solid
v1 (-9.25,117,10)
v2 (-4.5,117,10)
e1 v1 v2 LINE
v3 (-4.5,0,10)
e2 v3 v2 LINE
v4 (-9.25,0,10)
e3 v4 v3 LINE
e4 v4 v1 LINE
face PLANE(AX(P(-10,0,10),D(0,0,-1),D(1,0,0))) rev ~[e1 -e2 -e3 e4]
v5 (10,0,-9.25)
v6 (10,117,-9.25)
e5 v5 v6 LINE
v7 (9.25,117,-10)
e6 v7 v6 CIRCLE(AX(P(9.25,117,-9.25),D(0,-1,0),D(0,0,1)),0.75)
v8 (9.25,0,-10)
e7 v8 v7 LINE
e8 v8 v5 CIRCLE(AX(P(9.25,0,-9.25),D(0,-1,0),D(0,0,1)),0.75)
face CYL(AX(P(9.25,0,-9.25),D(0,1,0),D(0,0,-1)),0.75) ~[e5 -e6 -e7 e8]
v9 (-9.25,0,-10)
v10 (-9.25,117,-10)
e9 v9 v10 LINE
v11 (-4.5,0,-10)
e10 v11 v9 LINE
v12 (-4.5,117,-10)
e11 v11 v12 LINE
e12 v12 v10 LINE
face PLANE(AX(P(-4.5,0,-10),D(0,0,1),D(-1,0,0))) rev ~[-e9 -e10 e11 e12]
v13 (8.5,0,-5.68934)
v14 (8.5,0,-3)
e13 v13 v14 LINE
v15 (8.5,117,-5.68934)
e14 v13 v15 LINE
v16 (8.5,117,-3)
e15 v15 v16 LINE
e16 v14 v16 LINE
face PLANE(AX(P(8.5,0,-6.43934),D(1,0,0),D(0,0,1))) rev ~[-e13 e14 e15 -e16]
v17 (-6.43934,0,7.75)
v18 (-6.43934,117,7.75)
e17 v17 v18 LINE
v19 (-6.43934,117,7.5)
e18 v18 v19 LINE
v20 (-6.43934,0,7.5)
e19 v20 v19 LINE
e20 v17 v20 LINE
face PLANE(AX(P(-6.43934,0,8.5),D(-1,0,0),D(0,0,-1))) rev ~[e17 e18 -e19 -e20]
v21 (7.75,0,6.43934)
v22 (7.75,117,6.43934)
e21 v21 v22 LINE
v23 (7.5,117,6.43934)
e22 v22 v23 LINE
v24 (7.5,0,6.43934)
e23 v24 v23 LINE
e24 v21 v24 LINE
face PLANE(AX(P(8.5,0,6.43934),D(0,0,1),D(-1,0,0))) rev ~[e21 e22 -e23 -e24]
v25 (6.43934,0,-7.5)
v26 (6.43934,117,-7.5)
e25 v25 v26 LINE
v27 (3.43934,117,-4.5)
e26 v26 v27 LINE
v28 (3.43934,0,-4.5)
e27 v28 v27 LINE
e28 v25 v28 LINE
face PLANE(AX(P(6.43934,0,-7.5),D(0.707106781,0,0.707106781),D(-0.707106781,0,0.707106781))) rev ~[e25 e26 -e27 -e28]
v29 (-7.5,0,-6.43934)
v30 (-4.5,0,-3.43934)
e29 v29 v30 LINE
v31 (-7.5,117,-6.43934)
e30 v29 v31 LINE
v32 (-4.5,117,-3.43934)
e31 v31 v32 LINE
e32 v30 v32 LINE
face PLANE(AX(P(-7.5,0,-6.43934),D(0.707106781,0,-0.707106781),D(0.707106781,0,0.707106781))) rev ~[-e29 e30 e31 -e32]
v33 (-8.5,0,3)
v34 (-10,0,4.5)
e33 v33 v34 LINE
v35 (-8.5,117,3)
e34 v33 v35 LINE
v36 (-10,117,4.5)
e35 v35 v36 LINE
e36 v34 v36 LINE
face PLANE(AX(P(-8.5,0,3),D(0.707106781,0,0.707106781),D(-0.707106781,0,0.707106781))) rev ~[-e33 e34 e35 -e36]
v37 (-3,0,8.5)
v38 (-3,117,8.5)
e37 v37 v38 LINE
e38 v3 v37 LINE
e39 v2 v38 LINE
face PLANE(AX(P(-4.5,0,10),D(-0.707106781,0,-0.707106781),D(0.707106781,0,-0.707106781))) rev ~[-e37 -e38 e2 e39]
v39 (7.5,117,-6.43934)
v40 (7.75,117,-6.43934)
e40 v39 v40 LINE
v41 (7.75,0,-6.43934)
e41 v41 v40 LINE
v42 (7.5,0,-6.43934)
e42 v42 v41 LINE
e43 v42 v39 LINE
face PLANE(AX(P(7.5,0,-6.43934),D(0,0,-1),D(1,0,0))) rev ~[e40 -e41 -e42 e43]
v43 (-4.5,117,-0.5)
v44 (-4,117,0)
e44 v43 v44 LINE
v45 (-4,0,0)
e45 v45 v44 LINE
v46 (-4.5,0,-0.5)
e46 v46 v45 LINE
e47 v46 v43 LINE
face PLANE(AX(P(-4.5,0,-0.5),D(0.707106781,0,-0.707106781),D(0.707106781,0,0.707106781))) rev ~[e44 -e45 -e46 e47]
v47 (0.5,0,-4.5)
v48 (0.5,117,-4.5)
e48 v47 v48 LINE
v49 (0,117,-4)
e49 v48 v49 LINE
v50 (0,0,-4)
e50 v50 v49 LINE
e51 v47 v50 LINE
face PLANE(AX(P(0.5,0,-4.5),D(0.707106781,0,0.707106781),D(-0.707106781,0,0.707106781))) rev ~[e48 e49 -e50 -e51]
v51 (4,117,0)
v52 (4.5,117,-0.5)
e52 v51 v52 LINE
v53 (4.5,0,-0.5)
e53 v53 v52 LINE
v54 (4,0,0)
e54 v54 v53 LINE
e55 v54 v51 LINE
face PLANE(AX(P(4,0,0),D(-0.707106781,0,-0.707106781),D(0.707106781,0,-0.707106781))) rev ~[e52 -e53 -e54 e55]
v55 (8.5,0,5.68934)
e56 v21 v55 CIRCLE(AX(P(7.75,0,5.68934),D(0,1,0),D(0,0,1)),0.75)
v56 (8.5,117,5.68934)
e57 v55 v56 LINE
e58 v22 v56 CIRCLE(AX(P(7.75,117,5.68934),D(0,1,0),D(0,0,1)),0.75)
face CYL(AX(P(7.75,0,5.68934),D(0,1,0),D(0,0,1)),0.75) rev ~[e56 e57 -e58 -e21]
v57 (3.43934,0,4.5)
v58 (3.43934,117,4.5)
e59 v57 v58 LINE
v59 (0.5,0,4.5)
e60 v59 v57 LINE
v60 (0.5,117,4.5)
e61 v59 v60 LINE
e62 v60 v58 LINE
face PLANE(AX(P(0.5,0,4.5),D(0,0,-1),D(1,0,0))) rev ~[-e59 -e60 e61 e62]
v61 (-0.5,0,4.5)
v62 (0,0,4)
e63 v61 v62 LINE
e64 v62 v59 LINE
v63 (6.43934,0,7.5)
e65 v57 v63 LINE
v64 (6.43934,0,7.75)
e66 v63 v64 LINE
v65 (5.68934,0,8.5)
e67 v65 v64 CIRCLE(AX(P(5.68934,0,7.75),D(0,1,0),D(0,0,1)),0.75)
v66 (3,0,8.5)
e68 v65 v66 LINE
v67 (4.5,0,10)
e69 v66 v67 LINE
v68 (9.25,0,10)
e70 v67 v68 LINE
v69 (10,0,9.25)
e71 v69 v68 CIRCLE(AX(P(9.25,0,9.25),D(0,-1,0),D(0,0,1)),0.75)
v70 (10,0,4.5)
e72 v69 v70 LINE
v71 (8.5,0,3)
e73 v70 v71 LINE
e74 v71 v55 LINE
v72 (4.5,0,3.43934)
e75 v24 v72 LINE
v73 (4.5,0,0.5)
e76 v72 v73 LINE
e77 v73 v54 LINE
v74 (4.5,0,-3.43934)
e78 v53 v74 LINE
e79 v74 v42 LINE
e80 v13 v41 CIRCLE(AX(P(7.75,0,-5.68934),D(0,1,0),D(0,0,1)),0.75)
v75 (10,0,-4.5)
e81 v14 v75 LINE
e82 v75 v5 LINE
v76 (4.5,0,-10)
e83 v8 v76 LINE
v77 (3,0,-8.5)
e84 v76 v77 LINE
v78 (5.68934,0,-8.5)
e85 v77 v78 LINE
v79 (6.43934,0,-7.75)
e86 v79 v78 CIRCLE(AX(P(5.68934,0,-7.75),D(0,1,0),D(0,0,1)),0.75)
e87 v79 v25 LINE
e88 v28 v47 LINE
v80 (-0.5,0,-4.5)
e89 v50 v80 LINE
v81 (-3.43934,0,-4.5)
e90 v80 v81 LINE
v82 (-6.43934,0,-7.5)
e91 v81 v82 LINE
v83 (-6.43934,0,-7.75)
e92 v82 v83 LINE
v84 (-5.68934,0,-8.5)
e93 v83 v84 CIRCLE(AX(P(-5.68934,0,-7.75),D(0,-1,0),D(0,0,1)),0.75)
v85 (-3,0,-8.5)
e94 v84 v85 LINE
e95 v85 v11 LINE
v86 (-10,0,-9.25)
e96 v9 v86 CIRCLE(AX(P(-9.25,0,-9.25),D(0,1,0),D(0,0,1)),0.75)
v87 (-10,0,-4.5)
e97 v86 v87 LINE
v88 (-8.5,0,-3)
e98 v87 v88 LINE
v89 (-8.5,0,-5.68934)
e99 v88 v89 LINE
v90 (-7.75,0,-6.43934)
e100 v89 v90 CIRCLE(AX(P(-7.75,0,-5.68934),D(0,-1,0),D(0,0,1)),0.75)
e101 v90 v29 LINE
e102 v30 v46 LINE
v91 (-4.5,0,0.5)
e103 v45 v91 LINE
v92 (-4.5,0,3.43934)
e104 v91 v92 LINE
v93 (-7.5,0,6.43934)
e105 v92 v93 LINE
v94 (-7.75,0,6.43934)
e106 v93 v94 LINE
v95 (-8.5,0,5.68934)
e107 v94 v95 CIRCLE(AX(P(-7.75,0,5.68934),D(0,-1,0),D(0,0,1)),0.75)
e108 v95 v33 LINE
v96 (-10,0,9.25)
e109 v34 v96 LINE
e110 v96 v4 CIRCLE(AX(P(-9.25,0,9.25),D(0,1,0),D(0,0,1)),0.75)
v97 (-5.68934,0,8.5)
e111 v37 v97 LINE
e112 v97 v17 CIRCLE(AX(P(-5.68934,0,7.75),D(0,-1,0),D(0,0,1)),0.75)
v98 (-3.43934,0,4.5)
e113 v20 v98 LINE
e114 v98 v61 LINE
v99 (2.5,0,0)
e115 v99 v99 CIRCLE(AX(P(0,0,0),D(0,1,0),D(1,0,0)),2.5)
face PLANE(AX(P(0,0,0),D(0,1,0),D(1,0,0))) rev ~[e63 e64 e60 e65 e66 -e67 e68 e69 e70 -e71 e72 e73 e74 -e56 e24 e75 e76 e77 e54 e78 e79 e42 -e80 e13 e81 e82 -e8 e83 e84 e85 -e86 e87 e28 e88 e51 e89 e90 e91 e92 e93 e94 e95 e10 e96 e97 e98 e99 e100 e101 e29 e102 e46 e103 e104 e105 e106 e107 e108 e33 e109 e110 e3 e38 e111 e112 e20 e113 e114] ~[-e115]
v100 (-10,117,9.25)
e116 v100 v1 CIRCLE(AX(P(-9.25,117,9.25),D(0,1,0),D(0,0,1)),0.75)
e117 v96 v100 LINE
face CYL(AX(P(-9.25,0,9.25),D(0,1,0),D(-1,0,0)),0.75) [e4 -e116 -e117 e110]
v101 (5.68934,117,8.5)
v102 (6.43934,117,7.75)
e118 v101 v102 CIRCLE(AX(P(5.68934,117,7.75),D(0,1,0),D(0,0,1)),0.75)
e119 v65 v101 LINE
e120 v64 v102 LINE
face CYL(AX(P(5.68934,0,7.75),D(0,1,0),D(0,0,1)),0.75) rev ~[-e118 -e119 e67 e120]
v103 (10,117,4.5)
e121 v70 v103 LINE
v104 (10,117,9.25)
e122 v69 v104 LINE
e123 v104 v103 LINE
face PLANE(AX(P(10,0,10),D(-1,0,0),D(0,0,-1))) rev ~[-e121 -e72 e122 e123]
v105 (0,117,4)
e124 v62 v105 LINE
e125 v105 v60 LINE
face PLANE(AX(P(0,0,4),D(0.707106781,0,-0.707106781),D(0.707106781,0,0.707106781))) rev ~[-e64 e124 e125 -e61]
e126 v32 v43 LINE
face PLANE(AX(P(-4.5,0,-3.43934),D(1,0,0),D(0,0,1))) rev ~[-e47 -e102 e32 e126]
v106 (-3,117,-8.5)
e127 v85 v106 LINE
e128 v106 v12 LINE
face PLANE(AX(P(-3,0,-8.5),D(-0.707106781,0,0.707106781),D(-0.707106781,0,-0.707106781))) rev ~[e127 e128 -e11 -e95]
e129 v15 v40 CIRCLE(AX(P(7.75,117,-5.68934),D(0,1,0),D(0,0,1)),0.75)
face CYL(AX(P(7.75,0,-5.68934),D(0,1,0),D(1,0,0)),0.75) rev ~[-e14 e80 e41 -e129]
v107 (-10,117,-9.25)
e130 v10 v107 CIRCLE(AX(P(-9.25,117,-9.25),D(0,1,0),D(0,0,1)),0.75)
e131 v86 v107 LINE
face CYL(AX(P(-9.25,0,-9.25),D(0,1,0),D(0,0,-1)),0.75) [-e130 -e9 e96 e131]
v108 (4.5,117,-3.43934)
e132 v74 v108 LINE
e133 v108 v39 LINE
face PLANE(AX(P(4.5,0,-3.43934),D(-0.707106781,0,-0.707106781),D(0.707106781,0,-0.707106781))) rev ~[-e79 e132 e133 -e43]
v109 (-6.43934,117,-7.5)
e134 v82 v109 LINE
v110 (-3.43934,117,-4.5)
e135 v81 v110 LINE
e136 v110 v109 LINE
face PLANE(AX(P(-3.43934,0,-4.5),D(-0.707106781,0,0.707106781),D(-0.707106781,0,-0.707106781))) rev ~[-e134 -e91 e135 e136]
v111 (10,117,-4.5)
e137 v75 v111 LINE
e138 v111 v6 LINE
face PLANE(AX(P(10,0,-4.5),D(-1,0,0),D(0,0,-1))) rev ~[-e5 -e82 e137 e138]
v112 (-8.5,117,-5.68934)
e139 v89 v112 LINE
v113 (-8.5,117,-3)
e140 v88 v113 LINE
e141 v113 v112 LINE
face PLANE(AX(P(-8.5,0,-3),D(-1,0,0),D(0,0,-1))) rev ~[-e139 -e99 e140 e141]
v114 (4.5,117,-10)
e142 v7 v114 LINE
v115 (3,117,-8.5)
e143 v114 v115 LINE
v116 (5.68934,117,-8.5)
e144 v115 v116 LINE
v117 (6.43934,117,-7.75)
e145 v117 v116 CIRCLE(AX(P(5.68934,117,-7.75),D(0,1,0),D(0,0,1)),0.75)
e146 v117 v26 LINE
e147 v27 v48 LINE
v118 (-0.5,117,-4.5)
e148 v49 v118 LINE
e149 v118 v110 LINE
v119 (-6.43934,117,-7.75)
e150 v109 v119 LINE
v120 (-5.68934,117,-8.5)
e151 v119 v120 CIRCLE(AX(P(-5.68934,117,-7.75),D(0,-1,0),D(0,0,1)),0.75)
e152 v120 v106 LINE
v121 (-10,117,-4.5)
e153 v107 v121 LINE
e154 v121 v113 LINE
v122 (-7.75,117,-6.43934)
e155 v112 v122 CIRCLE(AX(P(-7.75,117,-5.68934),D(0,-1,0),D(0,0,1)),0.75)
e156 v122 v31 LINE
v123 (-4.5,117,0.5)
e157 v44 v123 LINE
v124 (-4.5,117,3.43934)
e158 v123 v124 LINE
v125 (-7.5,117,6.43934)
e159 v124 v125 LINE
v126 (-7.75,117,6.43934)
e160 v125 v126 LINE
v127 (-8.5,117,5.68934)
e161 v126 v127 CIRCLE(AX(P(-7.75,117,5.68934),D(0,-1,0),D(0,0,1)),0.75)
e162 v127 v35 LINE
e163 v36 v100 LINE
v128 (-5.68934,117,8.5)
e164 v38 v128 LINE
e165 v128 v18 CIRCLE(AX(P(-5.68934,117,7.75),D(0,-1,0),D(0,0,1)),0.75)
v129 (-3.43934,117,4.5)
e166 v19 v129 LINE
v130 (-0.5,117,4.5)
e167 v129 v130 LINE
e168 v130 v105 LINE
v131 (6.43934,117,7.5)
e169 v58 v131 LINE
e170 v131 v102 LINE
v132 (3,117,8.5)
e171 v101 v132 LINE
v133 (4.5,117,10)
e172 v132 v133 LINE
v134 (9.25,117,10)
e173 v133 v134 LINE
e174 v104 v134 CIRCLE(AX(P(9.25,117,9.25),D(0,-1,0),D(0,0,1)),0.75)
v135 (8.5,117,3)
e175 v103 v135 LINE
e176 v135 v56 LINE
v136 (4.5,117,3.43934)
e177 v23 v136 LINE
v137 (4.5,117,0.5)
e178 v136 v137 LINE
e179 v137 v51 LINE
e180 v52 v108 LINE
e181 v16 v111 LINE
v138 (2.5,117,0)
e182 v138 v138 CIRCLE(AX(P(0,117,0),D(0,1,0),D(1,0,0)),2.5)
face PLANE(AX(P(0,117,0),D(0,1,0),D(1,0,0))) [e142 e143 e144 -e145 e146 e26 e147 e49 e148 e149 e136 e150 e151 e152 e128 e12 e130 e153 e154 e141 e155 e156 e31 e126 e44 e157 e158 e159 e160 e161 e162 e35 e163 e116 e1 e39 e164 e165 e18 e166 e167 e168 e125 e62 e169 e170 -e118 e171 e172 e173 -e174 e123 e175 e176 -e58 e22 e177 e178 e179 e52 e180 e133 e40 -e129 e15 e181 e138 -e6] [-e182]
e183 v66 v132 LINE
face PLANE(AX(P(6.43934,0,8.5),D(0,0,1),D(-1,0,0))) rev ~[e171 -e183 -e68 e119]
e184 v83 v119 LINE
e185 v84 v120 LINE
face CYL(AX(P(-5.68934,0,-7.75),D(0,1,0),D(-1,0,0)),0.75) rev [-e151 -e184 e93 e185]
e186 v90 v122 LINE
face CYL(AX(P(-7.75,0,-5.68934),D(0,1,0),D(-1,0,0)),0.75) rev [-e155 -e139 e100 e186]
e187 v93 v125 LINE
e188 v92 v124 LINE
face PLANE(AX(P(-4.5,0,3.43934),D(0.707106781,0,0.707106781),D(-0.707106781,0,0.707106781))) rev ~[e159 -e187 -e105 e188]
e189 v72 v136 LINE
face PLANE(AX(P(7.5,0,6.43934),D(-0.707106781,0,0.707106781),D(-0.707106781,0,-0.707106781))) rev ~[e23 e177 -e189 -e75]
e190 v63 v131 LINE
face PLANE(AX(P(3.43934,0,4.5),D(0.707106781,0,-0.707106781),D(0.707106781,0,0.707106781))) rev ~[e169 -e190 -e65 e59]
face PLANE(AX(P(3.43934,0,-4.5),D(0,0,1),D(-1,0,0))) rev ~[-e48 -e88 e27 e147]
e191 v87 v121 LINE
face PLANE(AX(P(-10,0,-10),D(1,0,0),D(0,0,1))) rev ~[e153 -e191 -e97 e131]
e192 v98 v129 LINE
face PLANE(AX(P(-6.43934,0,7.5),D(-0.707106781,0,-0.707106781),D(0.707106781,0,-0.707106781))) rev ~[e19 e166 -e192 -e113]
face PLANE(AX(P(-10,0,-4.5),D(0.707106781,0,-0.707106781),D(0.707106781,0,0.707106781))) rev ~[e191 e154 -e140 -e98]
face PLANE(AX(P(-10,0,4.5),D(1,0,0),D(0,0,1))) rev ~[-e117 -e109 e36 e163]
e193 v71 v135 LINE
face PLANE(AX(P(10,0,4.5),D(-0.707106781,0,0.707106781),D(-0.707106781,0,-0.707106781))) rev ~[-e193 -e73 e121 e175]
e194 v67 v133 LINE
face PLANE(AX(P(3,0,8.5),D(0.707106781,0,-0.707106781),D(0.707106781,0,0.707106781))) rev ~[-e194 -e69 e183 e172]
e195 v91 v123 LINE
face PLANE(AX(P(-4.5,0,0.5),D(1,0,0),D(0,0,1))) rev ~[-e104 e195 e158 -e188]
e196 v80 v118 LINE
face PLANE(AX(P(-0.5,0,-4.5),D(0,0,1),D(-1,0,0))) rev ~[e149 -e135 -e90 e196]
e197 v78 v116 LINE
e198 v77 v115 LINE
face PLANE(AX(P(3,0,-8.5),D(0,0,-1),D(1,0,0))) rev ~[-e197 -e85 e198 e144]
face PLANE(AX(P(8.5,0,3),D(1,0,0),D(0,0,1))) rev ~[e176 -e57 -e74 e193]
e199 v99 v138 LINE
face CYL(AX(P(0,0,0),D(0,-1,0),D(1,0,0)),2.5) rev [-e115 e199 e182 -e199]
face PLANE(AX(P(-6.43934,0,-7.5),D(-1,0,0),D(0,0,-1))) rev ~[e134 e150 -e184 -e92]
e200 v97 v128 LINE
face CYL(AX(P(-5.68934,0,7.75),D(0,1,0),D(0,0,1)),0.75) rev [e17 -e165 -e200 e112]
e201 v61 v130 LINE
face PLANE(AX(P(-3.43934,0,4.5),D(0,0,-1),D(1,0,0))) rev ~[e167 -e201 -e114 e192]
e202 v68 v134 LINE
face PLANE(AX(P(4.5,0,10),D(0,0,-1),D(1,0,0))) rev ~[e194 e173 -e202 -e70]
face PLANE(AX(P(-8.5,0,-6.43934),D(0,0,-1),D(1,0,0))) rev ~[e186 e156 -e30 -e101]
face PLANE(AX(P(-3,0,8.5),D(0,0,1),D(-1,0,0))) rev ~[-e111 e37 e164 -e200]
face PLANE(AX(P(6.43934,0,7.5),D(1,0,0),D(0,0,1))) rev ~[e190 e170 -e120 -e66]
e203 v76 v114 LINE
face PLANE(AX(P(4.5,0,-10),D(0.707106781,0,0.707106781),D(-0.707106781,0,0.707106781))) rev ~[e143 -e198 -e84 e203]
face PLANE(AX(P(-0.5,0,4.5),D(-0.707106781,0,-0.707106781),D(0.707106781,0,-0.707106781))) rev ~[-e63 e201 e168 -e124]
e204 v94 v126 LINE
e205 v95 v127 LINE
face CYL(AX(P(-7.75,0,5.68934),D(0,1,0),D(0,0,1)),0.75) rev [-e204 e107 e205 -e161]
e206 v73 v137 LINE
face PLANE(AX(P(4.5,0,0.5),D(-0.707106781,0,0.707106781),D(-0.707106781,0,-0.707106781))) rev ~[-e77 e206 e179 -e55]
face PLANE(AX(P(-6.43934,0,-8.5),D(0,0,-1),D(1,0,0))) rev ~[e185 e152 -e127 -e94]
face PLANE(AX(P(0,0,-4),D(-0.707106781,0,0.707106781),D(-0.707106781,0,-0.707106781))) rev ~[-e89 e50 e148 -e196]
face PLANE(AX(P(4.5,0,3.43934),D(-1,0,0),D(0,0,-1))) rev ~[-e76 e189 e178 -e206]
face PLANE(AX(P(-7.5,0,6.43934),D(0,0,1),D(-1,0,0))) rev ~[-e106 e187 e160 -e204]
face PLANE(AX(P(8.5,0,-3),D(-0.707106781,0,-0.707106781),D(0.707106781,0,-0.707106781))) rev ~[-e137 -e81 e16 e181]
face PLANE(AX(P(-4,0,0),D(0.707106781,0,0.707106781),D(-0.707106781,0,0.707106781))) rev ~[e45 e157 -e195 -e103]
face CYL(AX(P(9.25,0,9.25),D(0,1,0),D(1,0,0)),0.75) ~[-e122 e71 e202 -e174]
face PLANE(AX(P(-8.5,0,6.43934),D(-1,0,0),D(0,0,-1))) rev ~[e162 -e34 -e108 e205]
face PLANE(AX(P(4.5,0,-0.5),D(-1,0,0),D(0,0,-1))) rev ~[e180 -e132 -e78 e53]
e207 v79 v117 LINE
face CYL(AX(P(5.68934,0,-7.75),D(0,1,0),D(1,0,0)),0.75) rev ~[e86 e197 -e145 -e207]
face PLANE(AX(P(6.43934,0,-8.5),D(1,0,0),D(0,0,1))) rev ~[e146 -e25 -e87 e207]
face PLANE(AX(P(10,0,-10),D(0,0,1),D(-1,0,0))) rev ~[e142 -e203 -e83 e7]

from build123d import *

# Parameters (mm, degrees)
ESQUISSE1_R      = 2.5
EXTRUSION1_DEPTH = 117
CONG_1_R         = 0.75


with BuildPart() as part:
    # Esquisse1 → Extrusion1 (new body)
    with BuildSketch(Plane(origin=(0, 0, 0), x_dir=(1, 0, 0), z_dir=(0, 1, 0))):
        Polygon((0, 4), (-0.5, 4.5), (-3.439339828, 4.5), (-6.439339828, 7.5), (-6.439339828, 8.5), (-3, 8.5), (-4.5, 10), (-10, 10), (-10, 4.5), (-8.5, 3), (-8.5, 6.439339828), (-7.5, 6.439339828), (-4.5, 3.439339828), (-4.5, 0.5), (-4, 0), (-4.5, -0.5), (-4.5, -3.439339828), (-7.5, -6.439339828), (-8.5, -6.439339828), (-8.5, -3), (-10, -4.5), (-10, -10), (-4.5, -10), (-3, -8.5), (-6.439339828, -8.5), (-6.439339828, -7.5), (-3.439339828, -4.5), (-0.5, -4.5), (0, -4), (0.5, -4.5), (3.439339828, -4.5), (6.439339828, -7.5), (6.439339828, -8.5), (3, -8.5), (4.5, -10), (10, -10), (10, -4.5), (8.5, -3), (8.5, -6.439339828), (7.5, -6.439339828), (4.5, -3.439339828), (4.5, -0.5), (4, 0), (4.5, 0.5), (4.5, 3.439339828), (7.5, 6.439339828), (8.5, 6.439339828), (8.5, 3), (10, 4.5), (10, 10), (4.5, 10), (3, 8.5), (6.439339828, 8.5), (6.439339828, 7.5), (3.439339828, 4.5), (0.5, 4.5), align=None)
        Circle(ESQUISSE1_R, mode=Mode.SUBTRACT)
    extrude(amount=EXTRUSION1_DEPTH)

    # Congé1
    cong_1_edges = [part.edges().sort_by_distance(p)[0] for p in [
        (6.439339828, 58.5, -8.5),
        (10, 58.5, -10),
        (8.5, 58.5, -6.439339828),
        (8.5, 58.5, 6.439339828),
        (10, 58.5, 10),
        (6.439339828, 58.5, 8.5),
        (-6.439339828, 58.5, 8.5),
        (-10, 58.5, 10),
        (-8.5, 58.5, 6.439339828),
        (-8.5, 58.5, -6.439339828),
        (-10, 58.5, -10),
        (-6.439339828, 58.5, -8.5),
    ]]
    fillet(cong_1_edges, radius=CONG_1_R)


solid = part.part
